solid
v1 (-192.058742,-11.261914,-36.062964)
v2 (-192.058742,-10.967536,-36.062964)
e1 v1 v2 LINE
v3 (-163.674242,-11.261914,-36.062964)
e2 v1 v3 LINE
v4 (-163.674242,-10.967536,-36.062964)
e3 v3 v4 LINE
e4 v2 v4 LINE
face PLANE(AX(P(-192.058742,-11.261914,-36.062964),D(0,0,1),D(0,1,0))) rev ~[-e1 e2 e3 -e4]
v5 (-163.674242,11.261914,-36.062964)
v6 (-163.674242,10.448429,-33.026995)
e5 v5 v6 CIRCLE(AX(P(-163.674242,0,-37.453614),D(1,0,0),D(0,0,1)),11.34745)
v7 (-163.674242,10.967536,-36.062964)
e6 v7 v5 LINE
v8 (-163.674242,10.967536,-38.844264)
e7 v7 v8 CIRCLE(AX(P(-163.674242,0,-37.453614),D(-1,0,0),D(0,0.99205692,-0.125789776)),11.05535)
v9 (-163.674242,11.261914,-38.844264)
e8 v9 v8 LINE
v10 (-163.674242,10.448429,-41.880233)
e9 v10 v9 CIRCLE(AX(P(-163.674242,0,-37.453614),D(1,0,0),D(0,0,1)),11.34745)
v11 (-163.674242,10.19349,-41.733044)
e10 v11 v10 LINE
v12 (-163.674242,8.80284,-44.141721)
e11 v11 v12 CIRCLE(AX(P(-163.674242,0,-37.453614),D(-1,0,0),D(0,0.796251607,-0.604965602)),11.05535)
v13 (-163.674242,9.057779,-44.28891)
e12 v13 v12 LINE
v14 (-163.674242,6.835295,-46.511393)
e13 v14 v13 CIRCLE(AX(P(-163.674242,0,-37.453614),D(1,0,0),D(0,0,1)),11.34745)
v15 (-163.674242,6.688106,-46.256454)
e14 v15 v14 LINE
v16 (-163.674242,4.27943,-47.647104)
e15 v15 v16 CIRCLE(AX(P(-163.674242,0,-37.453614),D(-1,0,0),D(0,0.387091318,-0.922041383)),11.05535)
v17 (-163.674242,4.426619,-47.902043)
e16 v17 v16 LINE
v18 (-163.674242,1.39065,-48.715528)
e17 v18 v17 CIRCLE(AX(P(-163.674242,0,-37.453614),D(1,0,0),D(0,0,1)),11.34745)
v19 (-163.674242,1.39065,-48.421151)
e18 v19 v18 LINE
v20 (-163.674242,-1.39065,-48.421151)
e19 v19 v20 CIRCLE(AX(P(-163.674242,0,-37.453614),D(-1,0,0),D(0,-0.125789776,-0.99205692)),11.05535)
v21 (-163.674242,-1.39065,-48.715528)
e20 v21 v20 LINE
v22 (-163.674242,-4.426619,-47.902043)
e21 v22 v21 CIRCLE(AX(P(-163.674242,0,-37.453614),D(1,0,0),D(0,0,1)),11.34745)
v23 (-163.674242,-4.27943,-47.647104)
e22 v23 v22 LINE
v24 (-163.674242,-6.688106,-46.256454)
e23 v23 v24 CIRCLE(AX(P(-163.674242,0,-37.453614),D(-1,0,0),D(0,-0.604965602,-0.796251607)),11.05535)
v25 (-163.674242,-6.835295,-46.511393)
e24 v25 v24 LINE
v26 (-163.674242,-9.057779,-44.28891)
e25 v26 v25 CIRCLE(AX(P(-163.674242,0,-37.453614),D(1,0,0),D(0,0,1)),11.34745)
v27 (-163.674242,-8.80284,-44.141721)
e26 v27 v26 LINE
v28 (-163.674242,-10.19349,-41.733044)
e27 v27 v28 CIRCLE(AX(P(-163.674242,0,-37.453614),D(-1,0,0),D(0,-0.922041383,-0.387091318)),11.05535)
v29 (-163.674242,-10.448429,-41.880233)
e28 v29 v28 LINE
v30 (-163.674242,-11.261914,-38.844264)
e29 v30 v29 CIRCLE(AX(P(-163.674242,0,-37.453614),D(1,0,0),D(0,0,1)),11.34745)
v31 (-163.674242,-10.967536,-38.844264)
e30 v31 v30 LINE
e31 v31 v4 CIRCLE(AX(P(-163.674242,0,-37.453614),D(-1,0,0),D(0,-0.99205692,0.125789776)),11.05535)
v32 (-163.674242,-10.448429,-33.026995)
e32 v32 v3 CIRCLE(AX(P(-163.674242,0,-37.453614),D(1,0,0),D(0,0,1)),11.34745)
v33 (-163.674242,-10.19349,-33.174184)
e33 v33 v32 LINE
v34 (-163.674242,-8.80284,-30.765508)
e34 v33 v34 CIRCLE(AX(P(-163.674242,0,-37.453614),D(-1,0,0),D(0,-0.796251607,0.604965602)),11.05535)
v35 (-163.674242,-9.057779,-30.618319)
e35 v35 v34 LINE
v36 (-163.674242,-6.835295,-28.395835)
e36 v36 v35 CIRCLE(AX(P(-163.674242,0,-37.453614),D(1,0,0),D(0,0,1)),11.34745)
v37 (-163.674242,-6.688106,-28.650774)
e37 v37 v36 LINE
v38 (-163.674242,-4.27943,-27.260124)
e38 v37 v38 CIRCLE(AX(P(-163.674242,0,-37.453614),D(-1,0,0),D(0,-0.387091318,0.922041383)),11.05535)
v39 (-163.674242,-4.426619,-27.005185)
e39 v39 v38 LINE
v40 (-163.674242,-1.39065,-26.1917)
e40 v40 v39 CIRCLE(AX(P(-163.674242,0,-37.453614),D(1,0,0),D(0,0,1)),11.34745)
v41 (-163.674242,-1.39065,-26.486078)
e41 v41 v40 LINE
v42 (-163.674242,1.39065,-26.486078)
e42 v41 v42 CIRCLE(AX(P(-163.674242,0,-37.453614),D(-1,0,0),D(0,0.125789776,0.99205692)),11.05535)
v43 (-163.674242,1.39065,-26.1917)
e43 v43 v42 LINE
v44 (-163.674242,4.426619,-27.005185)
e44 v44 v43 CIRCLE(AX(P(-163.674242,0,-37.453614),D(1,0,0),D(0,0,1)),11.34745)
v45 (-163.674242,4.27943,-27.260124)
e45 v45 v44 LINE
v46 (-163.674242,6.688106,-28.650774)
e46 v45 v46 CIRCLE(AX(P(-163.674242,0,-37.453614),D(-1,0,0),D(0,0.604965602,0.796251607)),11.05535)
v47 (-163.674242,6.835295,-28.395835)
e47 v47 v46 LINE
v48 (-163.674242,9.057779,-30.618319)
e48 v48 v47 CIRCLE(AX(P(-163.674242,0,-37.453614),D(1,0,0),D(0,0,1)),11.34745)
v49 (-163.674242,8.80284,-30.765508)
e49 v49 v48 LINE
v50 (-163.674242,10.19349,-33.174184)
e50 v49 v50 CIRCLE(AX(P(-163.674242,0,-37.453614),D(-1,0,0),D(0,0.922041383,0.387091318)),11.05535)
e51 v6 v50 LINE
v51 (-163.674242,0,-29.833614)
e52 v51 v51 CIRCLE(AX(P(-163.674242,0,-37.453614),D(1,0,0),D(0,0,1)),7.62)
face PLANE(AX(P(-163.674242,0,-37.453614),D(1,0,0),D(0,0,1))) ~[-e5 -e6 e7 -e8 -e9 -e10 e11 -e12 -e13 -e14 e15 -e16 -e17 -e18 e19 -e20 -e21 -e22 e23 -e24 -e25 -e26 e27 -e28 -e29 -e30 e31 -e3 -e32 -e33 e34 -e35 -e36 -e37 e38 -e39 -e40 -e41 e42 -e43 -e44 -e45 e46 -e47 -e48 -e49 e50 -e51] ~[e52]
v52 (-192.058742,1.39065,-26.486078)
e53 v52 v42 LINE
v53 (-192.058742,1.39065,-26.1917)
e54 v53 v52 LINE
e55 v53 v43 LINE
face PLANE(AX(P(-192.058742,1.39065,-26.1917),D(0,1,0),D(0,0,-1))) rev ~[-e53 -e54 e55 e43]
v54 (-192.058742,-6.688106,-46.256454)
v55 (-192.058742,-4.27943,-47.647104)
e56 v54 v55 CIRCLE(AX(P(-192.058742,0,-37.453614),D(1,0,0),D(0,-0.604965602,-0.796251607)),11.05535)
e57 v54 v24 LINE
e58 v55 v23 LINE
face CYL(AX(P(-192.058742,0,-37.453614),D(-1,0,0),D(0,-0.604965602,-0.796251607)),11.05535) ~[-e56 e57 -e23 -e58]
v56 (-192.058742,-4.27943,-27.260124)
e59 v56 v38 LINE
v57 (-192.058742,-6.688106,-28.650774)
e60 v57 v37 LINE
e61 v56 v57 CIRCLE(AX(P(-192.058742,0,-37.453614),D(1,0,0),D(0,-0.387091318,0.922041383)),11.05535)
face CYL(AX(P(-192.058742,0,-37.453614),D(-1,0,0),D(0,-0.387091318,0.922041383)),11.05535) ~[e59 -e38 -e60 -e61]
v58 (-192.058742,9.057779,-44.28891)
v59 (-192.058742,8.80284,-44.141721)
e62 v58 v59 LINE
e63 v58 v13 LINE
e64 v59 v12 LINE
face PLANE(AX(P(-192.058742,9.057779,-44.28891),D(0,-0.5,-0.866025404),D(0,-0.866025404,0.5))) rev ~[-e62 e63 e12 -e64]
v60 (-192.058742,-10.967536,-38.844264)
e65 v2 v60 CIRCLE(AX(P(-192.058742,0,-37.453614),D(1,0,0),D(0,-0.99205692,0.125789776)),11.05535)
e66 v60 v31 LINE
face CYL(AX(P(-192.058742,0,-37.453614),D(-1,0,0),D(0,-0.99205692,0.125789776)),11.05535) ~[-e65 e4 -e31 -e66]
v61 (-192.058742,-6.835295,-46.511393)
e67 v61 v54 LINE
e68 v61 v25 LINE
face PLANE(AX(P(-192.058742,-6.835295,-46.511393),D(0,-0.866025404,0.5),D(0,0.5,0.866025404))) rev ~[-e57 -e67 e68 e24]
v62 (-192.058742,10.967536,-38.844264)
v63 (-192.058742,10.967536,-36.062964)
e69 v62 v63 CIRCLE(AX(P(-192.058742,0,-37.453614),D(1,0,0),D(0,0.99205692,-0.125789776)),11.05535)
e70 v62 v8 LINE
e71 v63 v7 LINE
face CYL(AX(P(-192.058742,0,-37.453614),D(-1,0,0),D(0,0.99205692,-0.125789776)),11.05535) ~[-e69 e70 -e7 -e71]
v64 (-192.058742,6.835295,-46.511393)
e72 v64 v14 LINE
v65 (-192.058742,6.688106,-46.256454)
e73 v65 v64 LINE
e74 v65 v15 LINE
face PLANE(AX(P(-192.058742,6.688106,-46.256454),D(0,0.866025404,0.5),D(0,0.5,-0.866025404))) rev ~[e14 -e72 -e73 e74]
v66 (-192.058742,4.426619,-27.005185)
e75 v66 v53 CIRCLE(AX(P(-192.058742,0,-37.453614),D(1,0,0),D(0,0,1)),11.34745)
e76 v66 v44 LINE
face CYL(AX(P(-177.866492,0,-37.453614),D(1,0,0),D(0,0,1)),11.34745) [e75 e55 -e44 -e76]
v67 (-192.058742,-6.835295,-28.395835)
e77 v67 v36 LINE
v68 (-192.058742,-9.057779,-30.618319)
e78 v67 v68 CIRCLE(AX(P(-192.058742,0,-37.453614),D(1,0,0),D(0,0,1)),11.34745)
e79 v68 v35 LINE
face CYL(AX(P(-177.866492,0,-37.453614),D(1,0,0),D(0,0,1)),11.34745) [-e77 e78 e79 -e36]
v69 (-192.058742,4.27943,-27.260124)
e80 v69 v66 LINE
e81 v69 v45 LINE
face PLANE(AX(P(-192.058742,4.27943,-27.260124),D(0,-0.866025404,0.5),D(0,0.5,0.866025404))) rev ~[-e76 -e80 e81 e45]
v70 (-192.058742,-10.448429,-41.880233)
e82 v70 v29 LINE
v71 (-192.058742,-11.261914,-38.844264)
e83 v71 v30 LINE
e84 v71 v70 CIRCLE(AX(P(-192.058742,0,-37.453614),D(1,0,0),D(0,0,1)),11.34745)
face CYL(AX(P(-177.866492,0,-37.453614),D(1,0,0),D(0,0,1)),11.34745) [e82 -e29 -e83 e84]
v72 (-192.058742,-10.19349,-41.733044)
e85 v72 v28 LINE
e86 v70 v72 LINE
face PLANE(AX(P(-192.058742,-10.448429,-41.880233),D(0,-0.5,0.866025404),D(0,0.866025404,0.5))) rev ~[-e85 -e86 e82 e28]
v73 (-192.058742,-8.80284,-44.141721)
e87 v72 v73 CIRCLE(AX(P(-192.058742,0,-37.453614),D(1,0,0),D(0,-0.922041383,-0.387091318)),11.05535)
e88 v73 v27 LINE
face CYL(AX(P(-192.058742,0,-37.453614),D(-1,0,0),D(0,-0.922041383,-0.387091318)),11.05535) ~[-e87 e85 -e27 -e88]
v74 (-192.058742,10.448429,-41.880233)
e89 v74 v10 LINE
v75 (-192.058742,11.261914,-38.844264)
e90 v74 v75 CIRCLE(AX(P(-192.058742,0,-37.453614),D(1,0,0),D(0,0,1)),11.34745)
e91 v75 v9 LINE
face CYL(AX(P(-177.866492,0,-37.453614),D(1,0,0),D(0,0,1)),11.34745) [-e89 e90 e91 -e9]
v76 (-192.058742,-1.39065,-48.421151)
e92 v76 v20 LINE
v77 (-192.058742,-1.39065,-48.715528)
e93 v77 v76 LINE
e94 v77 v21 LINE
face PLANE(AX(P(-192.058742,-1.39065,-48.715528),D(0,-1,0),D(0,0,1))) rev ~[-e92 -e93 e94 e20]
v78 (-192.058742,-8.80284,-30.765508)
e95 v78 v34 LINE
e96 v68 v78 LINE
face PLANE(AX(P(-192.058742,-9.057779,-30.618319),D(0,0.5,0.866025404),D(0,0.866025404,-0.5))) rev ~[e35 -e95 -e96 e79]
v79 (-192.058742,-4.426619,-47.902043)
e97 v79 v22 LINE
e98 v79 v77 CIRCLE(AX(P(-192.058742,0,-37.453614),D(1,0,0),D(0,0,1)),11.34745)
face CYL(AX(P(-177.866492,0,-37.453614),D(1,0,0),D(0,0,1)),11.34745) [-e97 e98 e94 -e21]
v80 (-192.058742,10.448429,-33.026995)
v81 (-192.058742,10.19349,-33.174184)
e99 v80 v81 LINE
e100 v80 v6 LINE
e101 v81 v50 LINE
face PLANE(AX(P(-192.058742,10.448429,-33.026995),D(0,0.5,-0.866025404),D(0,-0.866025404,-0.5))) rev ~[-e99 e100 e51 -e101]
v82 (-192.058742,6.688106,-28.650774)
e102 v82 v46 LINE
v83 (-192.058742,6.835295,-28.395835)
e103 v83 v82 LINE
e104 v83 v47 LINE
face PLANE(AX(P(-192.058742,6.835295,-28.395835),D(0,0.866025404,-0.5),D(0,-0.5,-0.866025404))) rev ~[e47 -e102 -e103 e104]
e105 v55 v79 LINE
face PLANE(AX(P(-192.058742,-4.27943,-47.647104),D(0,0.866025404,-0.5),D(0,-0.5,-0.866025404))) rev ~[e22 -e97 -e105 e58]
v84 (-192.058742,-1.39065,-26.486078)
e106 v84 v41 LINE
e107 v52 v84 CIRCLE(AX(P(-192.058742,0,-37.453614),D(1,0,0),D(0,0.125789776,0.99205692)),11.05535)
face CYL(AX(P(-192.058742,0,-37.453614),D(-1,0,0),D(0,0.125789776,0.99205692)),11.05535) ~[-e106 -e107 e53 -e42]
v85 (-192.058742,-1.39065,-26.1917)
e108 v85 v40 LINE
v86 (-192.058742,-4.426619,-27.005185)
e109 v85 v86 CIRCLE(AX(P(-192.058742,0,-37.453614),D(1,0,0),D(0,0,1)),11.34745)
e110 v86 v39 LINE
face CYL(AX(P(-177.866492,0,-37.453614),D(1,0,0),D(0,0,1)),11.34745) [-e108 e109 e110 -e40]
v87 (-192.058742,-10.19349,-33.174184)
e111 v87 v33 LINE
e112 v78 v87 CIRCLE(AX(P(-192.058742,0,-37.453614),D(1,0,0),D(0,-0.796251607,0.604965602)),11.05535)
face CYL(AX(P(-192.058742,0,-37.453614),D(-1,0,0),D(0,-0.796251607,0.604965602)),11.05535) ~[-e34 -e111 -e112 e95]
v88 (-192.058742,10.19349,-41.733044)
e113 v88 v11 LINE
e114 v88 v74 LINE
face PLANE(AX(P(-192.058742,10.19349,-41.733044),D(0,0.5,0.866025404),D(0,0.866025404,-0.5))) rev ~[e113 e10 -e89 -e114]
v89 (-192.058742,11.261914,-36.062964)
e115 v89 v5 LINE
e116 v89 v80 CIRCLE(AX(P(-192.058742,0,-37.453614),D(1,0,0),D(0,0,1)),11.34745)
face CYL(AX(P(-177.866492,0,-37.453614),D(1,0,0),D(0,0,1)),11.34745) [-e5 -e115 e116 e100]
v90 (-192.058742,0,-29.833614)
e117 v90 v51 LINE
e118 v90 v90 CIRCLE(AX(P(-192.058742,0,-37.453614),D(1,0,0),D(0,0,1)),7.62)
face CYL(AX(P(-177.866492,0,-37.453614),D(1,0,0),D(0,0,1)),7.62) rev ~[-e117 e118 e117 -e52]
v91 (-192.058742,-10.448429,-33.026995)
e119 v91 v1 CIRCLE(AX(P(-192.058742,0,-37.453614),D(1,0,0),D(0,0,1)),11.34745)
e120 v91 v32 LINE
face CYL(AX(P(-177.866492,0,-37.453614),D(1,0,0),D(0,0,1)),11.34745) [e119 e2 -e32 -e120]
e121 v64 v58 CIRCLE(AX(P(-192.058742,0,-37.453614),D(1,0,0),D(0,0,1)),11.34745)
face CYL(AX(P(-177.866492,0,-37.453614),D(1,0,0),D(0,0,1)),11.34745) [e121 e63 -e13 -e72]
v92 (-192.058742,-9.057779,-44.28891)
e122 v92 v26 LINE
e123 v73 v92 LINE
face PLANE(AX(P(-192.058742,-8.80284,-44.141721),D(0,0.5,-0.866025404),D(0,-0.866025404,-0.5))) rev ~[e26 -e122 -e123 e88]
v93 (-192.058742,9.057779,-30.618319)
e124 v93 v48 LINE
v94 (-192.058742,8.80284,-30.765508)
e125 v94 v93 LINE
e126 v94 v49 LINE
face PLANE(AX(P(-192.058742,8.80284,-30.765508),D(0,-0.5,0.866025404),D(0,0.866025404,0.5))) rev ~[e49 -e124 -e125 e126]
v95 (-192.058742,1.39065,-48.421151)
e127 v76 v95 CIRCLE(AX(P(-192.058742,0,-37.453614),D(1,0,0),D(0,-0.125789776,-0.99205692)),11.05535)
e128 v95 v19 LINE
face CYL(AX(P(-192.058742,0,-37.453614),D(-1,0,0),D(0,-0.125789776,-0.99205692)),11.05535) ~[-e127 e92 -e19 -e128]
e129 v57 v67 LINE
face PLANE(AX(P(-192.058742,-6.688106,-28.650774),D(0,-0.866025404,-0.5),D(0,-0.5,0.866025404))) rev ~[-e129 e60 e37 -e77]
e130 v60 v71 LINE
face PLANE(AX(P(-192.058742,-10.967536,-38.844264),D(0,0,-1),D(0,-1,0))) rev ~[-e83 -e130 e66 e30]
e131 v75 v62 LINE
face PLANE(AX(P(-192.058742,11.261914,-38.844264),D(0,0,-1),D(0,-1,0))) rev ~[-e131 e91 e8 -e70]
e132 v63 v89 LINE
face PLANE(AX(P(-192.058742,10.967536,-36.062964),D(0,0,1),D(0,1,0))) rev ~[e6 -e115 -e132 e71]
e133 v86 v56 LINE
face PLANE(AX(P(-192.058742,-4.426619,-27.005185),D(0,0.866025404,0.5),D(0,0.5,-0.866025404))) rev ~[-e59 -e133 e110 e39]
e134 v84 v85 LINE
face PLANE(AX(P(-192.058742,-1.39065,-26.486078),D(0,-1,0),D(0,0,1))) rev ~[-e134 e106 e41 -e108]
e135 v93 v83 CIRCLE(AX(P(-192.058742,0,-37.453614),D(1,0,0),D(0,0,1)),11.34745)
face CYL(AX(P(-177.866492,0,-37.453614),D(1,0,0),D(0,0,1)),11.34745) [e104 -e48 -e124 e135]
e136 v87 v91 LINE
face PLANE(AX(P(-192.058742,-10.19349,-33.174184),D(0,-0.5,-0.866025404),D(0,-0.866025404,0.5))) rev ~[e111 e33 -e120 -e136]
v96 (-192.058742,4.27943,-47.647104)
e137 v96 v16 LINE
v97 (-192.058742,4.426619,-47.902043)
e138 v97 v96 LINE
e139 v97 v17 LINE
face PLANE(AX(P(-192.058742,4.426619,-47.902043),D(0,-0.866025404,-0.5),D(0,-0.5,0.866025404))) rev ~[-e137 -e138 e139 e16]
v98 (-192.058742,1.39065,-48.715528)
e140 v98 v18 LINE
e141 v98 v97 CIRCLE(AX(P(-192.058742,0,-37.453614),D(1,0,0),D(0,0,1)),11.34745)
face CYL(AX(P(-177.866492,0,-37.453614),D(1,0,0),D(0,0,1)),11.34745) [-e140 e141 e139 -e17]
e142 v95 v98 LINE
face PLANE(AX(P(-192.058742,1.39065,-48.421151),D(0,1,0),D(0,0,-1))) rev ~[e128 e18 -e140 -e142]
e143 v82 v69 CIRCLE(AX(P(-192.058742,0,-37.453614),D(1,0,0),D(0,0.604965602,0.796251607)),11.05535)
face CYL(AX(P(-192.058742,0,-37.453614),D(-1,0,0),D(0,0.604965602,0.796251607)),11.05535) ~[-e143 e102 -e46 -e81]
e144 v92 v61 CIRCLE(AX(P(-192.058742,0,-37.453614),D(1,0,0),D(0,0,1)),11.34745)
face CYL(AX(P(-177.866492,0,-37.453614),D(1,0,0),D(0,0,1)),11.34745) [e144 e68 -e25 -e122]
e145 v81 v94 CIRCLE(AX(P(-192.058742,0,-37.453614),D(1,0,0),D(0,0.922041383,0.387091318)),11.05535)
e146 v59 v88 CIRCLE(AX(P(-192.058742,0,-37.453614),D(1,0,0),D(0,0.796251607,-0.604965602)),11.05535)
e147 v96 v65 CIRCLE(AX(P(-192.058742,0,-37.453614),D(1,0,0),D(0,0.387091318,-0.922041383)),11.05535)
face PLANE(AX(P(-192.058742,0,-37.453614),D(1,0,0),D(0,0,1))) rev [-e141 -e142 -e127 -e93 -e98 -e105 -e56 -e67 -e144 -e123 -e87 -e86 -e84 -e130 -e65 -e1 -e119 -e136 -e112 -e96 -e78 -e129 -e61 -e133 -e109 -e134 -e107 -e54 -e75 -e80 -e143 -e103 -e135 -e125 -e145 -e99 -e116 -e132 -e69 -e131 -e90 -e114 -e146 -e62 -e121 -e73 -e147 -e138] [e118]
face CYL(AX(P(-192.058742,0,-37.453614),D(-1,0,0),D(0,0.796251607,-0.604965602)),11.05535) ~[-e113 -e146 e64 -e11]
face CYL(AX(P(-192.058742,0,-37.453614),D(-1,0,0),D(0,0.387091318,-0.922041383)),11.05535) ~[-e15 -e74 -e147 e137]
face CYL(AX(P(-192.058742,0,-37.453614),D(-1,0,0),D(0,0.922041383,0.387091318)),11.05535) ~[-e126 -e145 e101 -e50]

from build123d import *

# Parameters (mm, degrees)
F0_W     = 28.3845
F0_H     = 3.72745
F3_DEPTH = 28.3855
F4_COUNT = 12


with BuildPart() as f1:
    # F0 (on Front) → F1 (revolve)
    with BuildSketch(Plane.XZ):
        with Locations((-177.8664920464, -27.9698891753)):
            Rectangle(F0_W, F0_H)
    revolve(axis=Axis((-177.8664920464, 0, -37.4536141753), (1, 0, 0)))

    # F2 (on face) → F3 (cut, through all)
    with BuildSketch(Plane(origin=(-192.0587420464, 0, 0), x_dir=(0, -1, 0), z_dir=(-1, 0, 0))):
        with BuildLine():
            Line((1.39065, -26.4860777063), (1.39065, -26.1916998585))
            ThreePointArc((1.39065, -26.1916998585), (0, -26.1061641753), (-1.39065, -26.1916998585))
            Line((-1.39065, -26.1916998585), (-1.39065, -26.4860777063))
            ThreePointArc((-1.39065, -26.4860777063), (0, -26.3982641753), (1.39065, -26.4860777063))
        make_face()
    f3 = extrude(amount=-F3_DEPTH, mode=Mode.SUBTRACT)

    # F4: F3 ×12 about axis
    f4_axis = Axis((-163.6742420464, 0, -37.4536141753), (-1, 0, 0))
    for i in range(1, F4_COUNT):
        add(f3.rotate(f4_axis, i * 360 / F4_COUNT), mode=Mode.SUBTRACT)


solid = f1.part
